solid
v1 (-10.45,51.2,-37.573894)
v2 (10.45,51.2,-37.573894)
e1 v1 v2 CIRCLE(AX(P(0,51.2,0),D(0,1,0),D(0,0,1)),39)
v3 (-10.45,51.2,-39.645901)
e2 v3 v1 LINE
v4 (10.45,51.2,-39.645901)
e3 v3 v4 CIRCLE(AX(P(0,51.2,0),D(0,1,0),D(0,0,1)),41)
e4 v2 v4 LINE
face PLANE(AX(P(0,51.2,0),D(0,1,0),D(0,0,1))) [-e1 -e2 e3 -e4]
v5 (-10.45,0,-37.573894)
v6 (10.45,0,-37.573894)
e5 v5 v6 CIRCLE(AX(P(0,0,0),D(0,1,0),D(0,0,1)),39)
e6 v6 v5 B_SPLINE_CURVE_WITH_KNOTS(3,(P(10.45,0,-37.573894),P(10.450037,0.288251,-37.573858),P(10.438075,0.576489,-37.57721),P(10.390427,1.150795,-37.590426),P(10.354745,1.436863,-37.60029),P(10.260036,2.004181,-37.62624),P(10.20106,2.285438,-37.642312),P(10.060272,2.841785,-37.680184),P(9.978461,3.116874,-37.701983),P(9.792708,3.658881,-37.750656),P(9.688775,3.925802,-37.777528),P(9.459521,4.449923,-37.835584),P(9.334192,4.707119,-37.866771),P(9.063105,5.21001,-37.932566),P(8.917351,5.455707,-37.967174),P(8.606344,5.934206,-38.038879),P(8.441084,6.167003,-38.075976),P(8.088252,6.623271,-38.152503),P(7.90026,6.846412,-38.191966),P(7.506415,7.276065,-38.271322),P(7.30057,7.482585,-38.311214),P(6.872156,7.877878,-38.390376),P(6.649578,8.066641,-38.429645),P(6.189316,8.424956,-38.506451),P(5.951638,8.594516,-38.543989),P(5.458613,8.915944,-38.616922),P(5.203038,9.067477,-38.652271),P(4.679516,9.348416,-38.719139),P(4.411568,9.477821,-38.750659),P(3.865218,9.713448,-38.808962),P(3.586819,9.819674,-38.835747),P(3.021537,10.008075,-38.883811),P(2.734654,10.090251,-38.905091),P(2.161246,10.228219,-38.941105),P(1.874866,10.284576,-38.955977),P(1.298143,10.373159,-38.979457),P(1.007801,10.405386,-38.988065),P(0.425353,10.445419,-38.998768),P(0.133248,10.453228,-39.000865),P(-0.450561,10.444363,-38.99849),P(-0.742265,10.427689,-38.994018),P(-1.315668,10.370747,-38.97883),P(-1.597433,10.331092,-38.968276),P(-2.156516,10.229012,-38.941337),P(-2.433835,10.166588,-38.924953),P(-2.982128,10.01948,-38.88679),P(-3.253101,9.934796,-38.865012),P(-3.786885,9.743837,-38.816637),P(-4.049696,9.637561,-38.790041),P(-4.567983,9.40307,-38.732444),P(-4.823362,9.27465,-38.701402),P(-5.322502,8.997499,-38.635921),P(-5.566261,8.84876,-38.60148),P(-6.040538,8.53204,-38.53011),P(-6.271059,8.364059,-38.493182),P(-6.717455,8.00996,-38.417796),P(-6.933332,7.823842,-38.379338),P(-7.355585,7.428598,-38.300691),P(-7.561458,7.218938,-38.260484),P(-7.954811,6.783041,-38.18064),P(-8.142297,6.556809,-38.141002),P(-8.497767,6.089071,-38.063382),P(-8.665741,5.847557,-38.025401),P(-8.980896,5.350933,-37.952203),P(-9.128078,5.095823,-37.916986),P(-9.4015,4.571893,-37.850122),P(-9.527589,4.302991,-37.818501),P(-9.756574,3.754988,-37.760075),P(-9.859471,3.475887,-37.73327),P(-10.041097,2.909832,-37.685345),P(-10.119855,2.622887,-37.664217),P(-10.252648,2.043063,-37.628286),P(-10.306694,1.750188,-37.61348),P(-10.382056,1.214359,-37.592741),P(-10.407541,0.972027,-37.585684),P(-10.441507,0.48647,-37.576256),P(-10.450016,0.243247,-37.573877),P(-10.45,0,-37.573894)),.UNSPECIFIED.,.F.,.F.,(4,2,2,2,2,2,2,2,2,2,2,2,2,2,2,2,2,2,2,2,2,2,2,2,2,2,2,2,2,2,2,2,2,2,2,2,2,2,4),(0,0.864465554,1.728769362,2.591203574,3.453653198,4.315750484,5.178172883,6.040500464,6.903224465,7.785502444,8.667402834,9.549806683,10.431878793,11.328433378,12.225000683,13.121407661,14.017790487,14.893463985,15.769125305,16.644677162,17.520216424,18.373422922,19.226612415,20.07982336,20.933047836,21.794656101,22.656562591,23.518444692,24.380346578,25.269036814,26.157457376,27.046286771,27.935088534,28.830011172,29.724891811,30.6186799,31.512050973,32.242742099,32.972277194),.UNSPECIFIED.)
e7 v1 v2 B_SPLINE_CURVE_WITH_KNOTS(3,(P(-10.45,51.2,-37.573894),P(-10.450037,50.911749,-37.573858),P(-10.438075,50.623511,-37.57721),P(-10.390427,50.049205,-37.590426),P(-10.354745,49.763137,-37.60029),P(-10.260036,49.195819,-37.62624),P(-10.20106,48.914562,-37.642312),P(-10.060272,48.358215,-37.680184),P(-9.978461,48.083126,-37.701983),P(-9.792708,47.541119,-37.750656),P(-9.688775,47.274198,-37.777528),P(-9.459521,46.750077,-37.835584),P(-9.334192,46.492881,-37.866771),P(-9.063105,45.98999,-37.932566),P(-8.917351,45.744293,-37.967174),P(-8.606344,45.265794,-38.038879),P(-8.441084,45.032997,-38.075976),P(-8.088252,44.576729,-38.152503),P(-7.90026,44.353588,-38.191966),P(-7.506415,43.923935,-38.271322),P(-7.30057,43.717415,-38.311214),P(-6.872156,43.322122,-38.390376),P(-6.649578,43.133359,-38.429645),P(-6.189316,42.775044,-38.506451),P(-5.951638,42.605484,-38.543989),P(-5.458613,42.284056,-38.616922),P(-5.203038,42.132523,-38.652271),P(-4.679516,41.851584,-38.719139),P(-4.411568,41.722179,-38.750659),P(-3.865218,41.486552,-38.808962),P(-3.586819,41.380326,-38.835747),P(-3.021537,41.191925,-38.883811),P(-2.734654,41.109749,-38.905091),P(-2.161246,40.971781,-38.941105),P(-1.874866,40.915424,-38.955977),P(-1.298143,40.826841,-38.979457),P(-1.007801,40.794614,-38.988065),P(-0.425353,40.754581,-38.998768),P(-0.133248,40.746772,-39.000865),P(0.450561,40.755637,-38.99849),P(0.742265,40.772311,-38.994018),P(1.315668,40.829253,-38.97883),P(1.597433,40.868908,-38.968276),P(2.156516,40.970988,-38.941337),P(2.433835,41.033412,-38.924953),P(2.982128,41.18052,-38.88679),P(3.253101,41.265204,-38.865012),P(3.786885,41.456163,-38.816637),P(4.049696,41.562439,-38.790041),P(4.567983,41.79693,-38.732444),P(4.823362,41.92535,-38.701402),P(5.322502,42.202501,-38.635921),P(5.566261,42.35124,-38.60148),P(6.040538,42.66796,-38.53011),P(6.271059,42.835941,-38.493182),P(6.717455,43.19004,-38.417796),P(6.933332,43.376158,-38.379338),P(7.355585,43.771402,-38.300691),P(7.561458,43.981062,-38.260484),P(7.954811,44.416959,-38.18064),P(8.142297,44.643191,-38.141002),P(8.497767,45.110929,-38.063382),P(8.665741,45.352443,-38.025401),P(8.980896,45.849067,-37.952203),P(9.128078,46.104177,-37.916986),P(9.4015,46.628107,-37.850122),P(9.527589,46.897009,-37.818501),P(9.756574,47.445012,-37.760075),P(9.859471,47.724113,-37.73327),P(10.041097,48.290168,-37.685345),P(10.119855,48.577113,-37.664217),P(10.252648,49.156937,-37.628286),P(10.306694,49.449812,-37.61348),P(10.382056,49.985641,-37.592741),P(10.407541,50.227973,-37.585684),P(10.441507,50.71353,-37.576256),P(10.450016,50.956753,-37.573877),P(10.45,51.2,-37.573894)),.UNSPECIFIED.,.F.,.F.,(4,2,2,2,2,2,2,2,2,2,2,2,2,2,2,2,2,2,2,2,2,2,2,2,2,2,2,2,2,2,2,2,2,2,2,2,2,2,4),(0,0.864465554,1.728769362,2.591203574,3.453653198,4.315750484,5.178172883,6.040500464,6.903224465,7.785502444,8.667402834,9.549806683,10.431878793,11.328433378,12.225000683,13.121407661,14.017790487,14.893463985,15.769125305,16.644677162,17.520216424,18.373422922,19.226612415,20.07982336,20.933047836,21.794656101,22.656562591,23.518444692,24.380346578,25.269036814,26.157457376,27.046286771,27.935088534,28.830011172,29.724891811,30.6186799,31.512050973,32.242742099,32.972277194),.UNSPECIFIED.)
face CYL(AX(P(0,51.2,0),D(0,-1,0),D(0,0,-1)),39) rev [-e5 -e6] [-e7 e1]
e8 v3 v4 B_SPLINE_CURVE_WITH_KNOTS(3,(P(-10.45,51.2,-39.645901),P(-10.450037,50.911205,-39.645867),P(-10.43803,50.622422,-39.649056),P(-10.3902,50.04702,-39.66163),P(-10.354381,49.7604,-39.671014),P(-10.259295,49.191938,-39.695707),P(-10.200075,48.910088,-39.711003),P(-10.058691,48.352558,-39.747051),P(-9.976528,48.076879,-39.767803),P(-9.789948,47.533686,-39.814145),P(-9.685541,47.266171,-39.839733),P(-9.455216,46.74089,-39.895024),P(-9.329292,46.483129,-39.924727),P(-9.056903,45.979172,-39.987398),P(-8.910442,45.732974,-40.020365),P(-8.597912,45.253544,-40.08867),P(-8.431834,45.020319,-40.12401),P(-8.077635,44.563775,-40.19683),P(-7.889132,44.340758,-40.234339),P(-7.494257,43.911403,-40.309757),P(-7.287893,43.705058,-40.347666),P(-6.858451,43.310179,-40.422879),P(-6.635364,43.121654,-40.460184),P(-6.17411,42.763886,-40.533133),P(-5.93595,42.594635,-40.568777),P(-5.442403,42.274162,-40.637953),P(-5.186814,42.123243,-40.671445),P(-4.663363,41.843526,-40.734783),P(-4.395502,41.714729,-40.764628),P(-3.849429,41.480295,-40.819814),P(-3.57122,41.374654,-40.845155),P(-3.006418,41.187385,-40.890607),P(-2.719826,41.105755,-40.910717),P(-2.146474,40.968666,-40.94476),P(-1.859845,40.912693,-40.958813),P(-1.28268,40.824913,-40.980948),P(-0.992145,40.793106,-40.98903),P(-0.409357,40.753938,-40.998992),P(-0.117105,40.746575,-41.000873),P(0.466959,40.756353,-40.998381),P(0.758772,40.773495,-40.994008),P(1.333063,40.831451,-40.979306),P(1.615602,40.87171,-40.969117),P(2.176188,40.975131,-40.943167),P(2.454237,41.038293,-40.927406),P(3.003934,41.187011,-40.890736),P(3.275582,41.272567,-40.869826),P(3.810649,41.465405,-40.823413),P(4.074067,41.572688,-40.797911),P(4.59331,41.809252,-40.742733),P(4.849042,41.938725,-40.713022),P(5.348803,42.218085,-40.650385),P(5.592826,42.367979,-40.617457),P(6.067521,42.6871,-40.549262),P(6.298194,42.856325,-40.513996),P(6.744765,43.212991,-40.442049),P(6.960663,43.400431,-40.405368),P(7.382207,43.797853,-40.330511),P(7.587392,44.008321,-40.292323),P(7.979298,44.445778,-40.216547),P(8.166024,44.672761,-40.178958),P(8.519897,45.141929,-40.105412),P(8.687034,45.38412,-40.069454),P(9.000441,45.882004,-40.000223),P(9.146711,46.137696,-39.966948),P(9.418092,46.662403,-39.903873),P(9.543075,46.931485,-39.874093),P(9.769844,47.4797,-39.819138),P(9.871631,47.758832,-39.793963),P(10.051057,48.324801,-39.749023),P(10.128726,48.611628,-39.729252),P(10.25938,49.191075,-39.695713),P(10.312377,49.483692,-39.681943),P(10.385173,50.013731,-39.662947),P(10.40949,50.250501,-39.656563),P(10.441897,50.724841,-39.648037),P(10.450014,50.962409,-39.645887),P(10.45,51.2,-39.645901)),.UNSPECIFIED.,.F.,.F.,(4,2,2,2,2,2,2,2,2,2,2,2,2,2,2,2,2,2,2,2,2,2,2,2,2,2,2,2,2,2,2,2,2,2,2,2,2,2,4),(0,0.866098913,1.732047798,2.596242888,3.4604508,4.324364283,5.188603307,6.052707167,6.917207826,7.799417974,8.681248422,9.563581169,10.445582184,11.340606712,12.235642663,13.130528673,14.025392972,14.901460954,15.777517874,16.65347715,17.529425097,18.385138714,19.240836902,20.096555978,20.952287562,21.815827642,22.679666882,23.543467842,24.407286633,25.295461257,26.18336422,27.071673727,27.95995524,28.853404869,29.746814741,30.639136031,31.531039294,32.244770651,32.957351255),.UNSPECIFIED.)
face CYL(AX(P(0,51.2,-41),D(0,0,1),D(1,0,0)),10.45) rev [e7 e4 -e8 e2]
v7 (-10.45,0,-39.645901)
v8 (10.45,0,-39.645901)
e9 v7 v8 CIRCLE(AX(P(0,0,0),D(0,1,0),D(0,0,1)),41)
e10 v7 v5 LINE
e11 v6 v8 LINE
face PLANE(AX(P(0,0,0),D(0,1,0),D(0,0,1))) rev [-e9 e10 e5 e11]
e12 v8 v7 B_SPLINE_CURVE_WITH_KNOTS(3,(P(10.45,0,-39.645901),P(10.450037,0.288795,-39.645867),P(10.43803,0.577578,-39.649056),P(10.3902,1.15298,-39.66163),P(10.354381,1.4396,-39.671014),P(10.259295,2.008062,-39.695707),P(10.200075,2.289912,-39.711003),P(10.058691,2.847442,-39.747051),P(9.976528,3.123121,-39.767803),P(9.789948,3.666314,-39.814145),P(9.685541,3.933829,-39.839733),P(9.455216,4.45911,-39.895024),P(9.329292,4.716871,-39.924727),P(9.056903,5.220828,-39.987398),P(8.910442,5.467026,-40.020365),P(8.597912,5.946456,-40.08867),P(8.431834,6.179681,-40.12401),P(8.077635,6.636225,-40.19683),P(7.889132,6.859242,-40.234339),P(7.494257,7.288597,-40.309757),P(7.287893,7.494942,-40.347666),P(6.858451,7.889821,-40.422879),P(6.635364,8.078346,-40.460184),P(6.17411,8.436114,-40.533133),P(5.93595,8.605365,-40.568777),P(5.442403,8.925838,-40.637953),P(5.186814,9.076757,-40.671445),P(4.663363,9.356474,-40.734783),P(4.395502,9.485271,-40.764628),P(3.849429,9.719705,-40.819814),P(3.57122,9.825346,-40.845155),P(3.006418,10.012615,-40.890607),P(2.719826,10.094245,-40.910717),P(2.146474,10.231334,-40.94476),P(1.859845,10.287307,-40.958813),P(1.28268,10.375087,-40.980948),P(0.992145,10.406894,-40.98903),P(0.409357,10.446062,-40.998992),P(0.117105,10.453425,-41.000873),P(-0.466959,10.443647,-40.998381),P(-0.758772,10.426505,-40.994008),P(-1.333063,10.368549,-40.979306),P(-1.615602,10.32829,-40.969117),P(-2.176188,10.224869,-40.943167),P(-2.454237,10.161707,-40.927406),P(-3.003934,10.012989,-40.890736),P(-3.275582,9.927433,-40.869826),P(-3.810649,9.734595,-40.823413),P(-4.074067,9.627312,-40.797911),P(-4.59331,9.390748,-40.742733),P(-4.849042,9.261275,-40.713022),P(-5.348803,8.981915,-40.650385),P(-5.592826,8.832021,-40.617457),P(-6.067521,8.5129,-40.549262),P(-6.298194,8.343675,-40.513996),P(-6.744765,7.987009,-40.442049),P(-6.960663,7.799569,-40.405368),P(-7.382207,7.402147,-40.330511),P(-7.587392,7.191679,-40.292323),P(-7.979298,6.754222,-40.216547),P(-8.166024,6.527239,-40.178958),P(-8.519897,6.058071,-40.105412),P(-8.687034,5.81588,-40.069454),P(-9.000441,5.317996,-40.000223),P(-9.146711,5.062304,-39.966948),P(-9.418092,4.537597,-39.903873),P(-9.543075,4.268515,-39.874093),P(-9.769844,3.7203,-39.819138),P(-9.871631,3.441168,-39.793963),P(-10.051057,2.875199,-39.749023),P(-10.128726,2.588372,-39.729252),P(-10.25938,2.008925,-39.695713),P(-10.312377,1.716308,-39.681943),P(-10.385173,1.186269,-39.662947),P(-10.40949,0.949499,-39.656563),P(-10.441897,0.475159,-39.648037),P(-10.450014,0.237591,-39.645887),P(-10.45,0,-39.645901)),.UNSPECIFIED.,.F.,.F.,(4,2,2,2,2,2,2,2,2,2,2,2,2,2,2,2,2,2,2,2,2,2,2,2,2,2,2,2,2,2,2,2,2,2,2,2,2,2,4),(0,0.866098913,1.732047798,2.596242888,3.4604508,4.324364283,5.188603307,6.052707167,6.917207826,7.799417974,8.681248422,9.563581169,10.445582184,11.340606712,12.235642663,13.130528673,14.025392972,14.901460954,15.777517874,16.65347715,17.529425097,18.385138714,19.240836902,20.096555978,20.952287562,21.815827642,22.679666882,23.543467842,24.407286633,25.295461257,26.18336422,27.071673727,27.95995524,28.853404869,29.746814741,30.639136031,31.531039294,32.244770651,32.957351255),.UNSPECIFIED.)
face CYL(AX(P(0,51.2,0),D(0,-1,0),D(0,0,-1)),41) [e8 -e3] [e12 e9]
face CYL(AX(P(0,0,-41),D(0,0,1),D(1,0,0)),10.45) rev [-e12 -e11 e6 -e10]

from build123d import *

# Parameters (mm, degrees)
SKETCH1_R           = 41
SKETCH1_R_2         = 39
BOSS_EXTRUDE1_DEPTH = 51.2
SKETCH2_R           = 10.45
CUT_EXTRUDE1_DEPTH  = 78.352698725


with BuildPart() as part:
    # Sketch1 → Boss-Extrude1 (new body)
    with BuildSketch(Plane(origin=(0, 0, 0), x_dir=(1, 0, 0), z_dir=(0, 1, 0))):
        with Locations(Location((0, 0, 0), (0, 0, 270))):
            Circle(SKETCH1_R)
        with Locations(Location((0, 0, 0), (0, 0, 270))):
            Circle(SKETCH1_R_2, mode=Mode.SUBTRACT)
    extrude(amount=BOSS_EXTRUDE1_DEPTH)

    # Sketch2 → Cut-Extrude1 (cut, through all)
    with BuildSketch(Plane.XY):
        with Locations((0, 51.2)):
            Circle(SKETCH2_R)
        Circle(SKETCH2_R)
    extrude(amount=-CUT_EXTRUDE1_DEPTH, mode=Mode.SUBTRACT)


solid = part.part
